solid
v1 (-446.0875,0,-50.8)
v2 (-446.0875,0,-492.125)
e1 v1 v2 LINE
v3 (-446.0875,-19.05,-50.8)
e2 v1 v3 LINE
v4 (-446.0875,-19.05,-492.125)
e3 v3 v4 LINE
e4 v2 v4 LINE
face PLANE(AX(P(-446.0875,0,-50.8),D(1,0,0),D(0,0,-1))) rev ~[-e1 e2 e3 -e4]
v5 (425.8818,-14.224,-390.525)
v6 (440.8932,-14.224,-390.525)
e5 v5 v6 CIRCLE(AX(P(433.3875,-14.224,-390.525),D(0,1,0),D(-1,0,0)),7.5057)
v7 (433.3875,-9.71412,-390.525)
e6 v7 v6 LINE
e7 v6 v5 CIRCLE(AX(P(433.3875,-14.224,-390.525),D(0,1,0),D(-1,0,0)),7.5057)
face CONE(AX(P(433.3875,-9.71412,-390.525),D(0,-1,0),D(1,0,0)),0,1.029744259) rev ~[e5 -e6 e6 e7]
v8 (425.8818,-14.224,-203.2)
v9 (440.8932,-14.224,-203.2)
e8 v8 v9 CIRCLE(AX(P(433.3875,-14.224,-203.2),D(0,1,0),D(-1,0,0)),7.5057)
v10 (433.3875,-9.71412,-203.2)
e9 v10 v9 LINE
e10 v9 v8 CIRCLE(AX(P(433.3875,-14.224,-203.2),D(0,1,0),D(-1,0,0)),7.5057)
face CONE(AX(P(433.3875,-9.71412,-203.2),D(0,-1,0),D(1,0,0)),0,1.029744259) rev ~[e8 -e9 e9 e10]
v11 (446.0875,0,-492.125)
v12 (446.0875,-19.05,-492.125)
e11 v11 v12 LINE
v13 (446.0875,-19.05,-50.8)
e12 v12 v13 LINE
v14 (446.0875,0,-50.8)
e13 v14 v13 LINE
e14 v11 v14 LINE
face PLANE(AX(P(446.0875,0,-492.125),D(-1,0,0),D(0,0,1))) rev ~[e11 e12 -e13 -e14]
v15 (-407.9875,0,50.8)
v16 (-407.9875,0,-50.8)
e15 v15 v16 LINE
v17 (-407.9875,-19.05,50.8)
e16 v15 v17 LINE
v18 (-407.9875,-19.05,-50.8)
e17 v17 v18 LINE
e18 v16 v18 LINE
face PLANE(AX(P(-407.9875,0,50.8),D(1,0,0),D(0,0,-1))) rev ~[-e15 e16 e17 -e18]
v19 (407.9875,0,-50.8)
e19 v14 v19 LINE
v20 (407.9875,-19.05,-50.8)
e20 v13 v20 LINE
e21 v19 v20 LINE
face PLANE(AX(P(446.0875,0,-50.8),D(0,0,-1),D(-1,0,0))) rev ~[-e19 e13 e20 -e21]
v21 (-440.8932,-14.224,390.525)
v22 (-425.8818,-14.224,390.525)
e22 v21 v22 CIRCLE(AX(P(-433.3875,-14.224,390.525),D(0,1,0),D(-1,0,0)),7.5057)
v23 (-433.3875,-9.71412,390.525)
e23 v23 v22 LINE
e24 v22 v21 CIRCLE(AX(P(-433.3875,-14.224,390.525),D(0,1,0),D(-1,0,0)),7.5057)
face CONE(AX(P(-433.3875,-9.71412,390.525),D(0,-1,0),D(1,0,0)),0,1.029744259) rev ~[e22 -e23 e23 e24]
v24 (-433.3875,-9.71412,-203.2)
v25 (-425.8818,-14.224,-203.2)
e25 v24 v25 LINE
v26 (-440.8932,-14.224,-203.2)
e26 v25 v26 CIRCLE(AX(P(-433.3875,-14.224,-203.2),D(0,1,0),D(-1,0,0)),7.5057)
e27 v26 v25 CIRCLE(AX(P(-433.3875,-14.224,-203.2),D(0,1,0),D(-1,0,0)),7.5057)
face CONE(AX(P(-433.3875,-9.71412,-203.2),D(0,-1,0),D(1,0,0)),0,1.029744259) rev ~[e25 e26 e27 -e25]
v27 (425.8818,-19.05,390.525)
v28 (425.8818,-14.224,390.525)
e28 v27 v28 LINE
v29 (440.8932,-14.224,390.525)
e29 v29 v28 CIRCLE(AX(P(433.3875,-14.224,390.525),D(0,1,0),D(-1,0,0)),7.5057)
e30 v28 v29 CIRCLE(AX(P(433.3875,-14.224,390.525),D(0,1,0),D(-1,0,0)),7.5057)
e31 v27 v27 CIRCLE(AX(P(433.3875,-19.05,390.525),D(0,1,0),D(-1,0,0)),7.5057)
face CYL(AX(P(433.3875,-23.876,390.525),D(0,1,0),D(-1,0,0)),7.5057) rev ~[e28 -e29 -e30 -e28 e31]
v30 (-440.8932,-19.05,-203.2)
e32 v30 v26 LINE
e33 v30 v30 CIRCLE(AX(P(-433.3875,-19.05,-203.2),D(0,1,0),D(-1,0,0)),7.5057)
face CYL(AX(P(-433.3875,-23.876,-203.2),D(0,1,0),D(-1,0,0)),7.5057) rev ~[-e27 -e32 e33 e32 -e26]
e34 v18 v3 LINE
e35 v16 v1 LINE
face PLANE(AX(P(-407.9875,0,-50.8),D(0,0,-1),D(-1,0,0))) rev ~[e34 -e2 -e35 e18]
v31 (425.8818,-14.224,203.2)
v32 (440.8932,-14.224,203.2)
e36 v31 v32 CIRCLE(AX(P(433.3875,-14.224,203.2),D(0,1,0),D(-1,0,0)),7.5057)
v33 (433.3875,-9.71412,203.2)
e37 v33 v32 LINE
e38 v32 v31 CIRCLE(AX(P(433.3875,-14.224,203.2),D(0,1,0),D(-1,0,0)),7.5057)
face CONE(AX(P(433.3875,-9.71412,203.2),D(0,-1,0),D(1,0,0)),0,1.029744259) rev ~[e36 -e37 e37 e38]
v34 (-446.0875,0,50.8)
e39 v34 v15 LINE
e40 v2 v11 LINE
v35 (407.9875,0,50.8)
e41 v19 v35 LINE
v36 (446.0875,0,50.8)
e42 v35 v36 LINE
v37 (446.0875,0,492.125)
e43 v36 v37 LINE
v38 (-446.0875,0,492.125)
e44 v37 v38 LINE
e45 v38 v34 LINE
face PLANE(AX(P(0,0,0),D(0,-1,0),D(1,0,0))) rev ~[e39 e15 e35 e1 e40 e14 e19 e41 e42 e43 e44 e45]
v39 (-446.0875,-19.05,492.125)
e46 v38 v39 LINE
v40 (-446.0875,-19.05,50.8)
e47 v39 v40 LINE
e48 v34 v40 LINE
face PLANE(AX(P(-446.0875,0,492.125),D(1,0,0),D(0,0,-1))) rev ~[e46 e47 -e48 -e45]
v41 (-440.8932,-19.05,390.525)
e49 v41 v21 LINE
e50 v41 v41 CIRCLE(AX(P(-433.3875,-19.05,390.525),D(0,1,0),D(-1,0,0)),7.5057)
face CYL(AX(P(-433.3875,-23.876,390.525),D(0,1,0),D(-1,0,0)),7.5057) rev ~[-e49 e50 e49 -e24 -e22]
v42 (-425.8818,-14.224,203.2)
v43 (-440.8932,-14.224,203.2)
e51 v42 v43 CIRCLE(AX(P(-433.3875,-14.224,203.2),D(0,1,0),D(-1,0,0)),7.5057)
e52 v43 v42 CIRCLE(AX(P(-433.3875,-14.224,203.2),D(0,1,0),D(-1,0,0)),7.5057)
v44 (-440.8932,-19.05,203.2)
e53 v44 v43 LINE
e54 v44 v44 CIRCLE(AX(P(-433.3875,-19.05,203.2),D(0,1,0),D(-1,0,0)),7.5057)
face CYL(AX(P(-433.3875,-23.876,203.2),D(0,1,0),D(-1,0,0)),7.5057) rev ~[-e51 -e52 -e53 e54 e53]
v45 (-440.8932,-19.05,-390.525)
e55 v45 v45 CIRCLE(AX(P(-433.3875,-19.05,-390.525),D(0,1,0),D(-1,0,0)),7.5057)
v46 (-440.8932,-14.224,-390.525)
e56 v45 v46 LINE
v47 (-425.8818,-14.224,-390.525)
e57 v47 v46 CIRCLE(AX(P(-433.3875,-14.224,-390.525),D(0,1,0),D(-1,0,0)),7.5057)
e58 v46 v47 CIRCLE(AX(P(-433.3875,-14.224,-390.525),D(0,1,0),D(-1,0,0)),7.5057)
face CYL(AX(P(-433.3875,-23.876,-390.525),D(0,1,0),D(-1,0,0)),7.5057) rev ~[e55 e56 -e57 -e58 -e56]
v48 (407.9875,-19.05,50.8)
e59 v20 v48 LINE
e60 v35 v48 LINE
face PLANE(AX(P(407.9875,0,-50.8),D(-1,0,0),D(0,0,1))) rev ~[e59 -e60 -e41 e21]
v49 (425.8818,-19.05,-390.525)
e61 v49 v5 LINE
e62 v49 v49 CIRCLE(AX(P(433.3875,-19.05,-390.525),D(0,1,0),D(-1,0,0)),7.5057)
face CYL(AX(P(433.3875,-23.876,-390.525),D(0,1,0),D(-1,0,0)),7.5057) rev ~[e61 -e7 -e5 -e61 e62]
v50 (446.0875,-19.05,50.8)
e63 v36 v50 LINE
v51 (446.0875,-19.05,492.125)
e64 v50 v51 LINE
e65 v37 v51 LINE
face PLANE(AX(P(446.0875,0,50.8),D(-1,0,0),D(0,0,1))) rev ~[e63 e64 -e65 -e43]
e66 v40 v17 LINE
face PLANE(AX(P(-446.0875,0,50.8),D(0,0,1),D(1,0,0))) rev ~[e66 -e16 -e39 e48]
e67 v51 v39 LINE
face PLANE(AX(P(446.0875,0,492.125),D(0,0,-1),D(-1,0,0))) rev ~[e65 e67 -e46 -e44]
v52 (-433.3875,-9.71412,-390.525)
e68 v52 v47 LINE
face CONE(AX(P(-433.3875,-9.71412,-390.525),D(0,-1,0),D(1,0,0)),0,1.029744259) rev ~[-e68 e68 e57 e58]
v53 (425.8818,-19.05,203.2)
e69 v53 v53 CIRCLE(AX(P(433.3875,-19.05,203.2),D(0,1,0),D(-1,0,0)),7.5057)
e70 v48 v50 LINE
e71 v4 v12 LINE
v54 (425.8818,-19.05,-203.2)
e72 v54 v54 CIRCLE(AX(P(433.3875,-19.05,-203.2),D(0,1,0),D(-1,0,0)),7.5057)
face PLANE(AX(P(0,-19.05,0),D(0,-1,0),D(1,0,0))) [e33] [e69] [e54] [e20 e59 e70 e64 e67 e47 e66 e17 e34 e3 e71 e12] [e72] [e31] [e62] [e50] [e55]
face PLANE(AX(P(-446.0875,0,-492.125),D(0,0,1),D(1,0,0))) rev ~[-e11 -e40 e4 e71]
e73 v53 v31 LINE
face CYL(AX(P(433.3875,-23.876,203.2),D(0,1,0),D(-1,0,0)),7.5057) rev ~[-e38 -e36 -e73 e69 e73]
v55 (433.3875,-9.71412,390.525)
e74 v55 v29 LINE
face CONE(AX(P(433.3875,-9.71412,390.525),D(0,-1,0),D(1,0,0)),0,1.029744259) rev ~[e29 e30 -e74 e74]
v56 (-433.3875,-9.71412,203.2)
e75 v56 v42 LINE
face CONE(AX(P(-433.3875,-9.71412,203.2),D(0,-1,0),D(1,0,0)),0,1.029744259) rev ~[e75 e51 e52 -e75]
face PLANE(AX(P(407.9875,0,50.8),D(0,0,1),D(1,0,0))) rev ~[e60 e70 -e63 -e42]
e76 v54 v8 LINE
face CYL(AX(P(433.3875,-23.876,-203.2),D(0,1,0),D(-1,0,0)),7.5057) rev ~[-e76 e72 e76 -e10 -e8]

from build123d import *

# Parameters (mm, degrees)
F1_DEPTH = 19.05
F3_D     = 15.0114
F3_DEPTH = 4.826
F3_TIP   = 4.5098795482


with BuildPart() as f1:
    # F0 (on Front) → F1 (new body)
    with BuildSketch(Plane.XZ):
        Polygon((446.0875, 50.8), (446.0875, 492.125), (-446.0875, 492.125), (-446.0875, 50.8), (-407.9875, 50.8), (-407.9875, -50.8), (-446.0875, -50.8), (-446.0875, -492.125), (446.0875, -492.125), (446.0875, -50.8), (407.9875, -50.8), (407.9875, 50.8), align=None)
    extrude(amount=F1_DEPTH)

    # F3
    with Locations(Plane.XZ.offset(19.05)):
        with Locations((-433.3875, 390.525), (-433.3875, 203.2), (-433.3875, -203.2), (-433.3875, -390.525), (433.3875, 390.525), (433.3875, 203.2), (433.3875, -203.2), (433.3875, -390.525)):
            Hole(F3_D / 2, depth=F3_DEPTH)
            with Locations((0, 0, -(F3_DEPTH + F3_TIP / 2))):  # 118° drill point
                Cone(0, F3_D / 2, F3_TIP, mode=Mode.SUBTRACT)


solid = f1.part
